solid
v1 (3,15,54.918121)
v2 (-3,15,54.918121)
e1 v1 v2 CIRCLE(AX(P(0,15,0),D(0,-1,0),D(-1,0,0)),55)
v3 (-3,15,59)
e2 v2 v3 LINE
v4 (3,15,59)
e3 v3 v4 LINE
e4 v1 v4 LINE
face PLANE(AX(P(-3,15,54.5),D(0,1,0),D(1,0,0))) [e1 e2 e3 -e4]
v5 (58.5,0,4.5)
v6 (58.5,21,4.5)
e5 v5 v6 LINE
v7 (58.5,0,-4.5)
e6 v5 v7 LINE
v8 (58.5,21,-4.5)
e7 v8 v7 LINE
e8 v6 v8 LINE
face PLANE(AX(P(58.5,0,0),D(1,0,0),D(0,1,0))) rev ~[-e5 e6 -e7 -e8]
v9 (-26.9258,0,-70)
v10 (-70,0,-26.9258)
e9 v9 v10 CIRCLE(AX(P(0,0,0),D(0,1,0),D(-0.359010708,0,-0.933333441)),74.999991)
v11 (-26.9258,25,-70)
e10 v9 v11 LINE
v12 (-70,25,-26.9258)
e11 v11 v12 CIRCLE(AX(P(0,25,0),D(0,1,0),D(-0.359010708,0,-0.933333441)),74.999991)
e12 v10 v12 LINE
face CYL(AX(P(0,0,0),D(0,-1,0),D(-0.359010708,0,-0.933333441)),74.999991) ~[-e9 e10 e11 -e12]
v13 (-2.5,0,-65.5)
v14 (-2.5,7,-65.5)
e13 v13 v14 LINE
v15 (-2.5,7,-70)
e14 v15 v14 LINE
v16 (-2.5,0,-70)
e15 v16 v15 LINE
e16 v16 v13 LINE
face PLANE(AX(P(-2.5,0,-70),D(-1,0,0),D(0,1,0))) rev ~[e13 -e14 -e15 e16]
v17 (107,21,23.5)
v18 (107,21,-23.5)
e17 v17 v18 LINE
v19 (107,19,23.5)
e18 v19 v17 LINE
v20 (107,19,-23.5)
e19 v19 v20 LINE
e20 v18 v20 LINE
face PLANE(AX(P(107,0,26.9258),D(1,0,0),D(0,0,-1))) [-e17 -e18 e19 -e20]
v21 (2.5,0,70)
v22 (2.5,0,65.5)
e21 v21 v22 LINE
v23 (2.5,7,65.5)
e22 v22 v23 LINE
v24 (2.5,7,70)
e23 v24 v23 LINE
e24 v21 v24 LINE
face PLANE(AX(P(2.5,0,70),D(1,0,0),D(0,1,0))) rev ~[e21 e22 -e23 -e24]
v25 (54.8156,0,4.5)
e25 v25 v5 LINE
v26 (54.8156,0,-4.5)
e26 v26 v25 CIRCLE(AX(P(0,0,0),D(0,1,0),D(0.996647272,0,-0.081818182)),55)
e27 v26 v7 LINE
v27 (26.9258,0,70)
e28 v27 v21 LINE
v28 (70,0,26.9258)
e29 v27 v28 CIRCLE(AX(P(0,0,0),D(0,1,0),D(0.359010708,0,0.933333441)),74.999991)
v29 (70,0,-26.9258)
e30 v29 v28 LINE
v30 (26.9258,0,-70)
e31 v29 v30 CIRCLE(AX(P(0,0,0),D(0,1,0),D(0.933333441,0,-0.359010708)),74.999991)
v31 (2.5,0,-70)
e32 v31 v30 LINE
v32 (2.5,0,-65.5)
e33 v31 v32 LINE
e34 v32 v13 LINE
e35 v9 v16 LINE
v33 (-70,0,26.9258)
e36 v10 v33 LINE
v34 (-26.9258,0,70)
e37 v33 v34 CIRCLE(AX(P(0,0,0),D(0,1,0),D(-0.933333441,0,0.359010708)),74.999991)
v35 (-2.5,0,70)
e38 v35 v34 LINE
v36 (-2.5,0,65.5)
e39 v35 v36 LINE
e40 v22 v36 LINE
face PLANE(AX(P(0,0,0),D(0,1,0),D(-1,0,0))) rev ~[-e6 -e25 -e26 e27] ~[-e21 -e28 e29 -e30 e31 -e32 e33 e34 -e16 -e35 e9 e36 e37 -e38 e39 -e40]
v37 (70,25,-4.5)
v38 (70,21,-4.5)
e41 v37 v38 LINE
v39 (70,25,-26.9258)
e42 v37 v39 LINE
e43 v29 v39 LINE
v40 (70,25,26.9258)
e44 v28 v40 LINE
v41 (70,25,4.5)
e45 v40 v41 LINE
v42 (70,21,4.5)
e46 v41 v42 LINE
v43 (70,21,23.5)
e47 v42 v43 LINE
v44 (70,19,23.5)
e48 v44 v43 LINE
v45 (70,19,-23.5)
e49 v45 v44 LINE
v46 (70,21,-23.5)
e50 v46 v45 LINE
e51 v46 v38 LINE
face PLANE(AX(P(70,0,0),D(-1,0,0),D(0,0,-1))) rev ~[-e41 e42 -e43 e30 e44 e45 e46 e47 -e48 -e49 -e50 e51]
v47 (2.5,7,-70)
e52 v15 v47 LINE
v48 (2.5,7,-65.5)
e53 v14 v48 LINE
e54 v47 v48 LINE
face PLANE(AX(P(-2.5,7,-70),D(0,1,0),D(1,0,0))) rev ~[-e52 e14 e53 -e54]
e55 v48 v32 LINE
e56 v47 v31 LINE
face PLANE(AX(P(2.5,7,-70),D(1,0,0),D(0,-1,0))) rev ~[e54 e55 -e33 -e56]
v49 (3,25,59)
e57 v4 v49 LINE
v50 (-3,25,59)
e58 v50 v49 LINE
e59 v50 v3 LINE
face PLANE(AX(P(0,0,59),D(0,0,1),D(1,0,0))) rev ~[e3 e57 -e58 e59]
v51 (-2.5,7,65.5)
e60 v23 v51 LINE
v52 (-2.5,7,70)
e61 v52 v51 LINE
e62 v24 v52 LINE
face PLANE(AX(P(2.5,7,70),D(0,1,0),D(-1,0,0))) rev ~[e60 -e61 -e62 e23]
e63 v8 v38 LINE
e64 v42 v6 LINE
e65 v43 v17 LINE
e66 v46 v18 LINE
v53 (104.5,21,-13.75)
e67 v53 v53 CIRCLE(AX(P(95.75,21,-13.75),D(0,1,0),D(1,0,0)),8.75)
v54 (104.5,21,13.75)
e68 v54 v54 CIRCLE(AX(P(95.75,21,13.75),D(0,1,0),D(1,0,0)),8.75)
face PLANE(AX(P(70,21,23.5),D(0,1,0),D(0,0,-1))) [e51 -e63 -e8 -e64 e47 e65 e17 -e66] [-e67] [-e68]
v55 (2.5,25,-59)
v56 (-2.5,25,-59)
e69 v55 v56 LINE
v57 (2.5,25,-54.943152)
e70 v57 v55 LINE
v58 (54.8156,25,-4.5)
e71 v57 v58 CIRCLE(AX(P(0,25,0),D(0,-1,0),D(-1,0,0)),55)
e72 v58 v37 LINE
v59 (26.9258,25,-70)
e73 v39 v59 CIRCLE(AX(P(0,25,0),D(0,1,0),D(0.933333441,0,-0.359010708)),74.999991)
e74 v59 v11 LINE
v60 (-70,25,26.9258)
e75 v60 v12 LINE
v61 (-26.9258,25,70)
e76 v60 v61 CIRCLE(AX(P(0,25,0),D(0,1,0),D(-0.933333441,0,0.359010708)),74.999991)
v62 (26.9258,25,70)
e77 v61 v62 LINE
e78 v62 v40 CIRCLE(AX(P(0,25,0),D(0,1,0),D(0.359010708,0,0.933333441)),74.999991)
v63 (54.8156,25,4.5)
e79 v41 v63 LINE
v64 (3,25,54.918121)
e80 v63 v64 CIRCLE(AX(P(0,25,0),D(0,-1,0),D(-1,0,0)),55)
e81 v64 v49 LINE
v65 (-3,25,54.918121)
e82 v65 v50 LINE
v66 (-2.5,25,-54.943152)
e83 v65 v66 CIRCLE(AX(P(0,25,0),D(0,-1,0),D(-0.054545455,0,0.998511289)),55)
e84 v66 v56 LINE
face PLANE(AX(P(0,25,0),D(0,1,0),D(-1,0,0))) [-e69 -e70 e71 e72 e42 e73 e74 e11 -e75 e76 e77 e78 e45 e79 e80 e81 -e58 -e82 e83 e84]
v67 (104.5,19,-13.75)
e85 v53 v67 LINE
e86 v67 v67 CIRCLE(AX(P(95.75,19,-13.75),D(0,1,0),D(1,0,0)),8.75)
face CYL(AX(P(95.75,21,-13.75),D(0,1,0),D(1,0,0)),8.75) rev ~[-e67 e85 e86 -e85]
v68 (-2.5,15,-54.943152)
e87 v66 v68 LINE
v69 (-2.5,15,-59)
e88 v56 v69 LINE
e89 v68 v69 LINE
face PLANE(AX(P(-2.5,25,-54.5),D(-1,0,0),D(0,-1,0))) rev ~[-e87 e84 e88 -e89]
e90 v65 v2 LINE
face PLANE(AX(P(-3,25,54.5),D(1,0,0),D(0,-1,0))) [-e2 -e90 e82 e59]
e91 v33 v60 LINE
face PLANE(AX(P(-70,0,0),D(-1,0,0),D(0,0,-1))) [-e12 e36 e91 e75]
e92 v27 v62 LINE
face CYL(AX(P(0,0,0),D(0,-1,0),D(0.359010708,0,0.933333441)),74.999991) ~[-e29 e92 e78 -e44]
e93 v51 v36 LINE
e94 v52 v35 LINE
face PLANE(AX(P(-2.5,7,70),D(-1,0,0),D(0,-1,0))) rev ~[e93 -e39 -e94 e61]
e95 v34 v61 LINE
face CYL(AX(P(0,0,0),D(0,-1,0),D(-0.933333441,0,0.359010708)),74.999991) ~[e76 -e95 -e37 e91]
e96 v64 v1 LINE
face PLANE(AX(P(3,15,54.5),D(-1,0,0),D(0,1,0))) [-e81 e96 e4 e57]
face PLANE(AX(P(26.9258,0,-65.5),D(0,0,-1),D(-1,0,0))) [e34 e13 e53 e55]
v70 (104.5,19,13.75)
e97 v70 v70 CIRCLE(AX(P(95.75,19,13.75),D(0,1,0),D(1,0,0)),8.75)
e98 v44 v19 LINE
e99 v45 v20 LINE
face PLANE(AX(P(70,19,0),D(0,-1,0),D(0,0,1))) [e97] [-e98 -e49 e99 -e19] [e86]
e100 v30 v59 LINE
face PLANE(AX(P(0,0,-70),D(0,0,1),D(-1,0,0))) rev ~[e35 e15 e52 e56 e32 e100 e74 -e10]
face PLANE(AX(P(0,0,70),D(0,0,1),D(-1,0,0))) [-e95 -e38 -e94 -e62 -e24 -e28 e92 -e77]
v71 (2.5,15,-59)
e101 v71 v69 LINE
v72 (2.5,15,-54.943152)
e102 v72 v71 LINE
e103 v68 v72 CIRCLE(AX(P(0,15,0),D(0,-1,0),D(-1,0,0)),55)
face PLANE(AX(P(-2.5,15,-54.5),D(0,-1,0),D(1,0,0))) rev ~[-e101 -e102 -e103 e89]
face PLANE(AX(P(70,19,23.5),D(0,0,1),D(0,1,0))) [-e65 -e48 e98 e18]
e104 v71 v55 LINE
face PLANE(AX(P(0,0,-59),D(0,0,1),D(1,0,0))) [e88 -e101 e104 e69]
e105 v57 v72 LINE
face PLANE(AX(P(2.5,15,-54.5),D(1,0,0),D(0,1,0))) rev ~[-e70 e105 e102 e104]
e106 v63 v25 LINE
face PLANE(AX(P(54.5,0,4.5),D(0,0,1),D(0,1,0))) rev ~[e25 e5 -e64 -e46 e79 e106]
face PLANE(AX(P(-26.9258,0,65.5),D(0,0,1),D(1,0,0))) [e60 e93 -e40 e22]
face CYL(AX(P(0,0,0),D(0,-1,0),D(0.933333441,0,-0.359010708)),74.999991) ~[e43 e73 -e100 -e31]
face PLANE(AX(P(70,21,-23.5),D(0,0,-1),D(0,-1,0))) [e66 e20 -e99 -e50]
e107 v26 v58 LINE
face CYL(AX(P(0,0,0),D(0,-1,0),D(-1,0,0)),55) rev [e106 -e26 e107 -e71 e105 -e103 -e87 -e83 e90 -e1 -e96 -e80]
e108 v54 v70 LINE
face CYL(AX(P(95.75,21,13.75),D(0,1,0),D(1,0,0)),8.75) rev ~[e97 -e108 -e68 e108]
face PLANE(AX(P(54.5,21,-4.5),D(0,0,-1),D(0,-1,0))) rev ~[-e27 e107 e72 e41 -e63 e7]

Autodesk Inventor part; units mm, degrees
sketch "Náčrt1" plane through (0, 0, 0) normal (0, 1, 0) x (-1, 0, 0)
  circle A0 centre (0, 0) radius 55
  line L0 (0, -70) -> (26.9258, -70)
  line L1 (0, -70) -> (-26.9258, -70)
  line L2 (-70, 0) -> (-70, -26.9258)
  line L3 (-70, 0) -> (-70, 26.9258)
  line L4 (70, 0) -> (70, -26.9258)
  line L5 (70, 0) -> (70, 26.9258)
  line L6 (0, 70) -> (26.9258, 70)
  line L7 (0, 70) -> (-26.9258, 70)
  line L8 (-104.3981, 0) -> (104.3981, 0) projected
  line L9 (0, -104.3981) -> (0, 104.3981) projected
  arc A1 (26.9258, -70) -> (70, -26.9258) centre (0, 0) ccw
  arc A2 (-70, -26.9258) -> (-26.9258, -70) centre (0, 0) ccw
  arc A3 (70, 26.9258) -> (26.9258, 70) centre (0, 0) ccw
  arc A4 (-26.9258, 70) -> (-70, 26.9258) centre (0, 0) ccw
  dimension "d1" = 110
extrude "Vysunutí1" add sketch "Náčrt1" along normal blind 25 contours L8 L4 A1 L0 L9 A0 | A0 L9 L6 A3 L5 L8 | A0 L8 L3 A4 L7 L9 | L9 L1 A2 L2 L8 A0
sketch "Náčrt2" plane through (-26.9258, 0, 70) normal (0, 0, 1) x (1, 0, 0)
  line L0 (53.8516, 0) -> (0, 0) projected
  line L1 (24.4258, 0) -> (29.4258, 0)
  line L2 (29.4258, 0) -> (29.4258, 7)
  line L3 (29.4258, 7) -> (24.4258, 7)
  line L4 (24.4258, 7) -> (24.4258, 0)
  line L5 (96.9258, 0) -> (96.9258, 25) projected
  point P0 (26.9258, 0)
  dimension "d5" = 5
  dimension "d6" = 7
  dimension "d7" = 67.5
extrude "Vysunutí2" cut sketch "Náčrt2" against normal blind 4.5
sketch "Náčrt3" plane through (26.9258, 0, -70) normal (0, 0, -1) x (-1, 0, 0)
  line L0 (0, 0) -> (53.8516, 0) projected
  line L1 (53.8516, 0) -> (53.8516, 25) projected
  line L2 (0, 25) -> (53.8516, 25) projected
  line L3 (0, 0) -> (0, 25) projected
  line L4 (53.8516, 0) -> (96.9258, 0) projected
  line L5 (96.9258, 0) -> (96.9258, 25) projected
  line L6 (53.8516, 25) -> (96.9258, 25) projected
  line L7 (53.8516, 0) -> (53.8516, 25) projected
  line L8 (24.4258, 0) -> (0, 0) projected
  line L9 (24.4258, 0) -> (29.4258, 0)
  line L10 (29.4258, 0) -> (29.4258, 7)
  line L11 (29.4258, 7) -> (24.4258, 7)
  line L12 (24.4258, 7) -> (24.4258, 0)
  point P0 (26.9258, 0)
  dimension "d10" = 5
  dimension "d11" = 7
  dimension "d12" = 67.5
extrude "Vysunutí3" cut sketch "Náčrt3" against normal blind 4.5 contours L12 L11 L10 L0
sketch "Náčrt4" plane through (0, 25, 0) normal (0, 1, 0) x (1, 0, 0)
  line L0 (70, -26.9258) -> (70, 26.9258) projected
  line L1 (70, -4.5) -> (52.6737, -4.5)
  line L2 (52.6737, -4.5) -> (52.6737, 4.5)
  line L3 (52.6737, 4.5) -> (70, 4.5)
  line L4 (70, 4.5) -> (70, -4.5)
  line L5 (-98, 0) -> (98, 0) projected
  line L6 (0, 98) -> (0, -98) projected
  point P0 (0, 0)
  point P1 (70, 4.5)
  dimension "d15" = 9
  dimension "d16" = 4.5
extrude "Vysunutí4" cut sketch "Náčrt4" against normal blind 4
ref_plane "Pracovní rovina2" through (0, 0, 54.5) normal (0, 0, 1) x (1, 0, 0)
sketch "Náčrt6" plane through (0, 0, 54.5) normal (0, 0, 1) x (1, 0, 0)
  line L0 (-26.9258, 25) -> (26.9258, 25) projected
  line L1 (3, 25) -> (-3, 25)
  line L2 (-3, 25) -> (-3, 15)
  line L3 (-3, 15) -> (3, 15)
  line L4 (3, 15) -> (3, 25)
  line L5 (0, 30) -> (0, -5) projected
  point P0 (0, 0)
  dimension "d21" = 6
  dimension "d22" = 10
extrude "Vysunutí5" cut sketch "Náčrt6" along normal blind 4.5
ref_plane "Pracovní rovina3" through (0, 0, -54.5) normal (0, 0, 1) x (1, 0, 0)
sketch "Náčrt7" plane through (0, 0, -54.5) normal (0, 0, 1) x (1, 0, 0)
  line L0 (-55, 25) -> (54.8156, 25) projected
  line L1 (2.5, 25) -> (-2.5, 25)
  line L2 (-2.5, 25) -> (-2.5, 15)
  line L3 (-2.5, 15) -> (2.5, 15)
  line L4 (2.5, 15) -> (2.5, 25)
  line L5 (0, 30) -> (0, -5) projected
  point P0 (0, 0)
  point P1 (-3, 25)
  dimension "d26" = 5
  dimension "d27" = 10
extrude "Vysunutí6" cut sketch "Náčrt7" against normal blind 4.5
sketch "Náčrt8" plane through (70, 0, 26.9258) normal (1, 0, 0) x (0, 0, -1)
  line L0 (3.4258, 21) -> (50.4258, 21)
  line L1 (50.4258, 21) -> (50.4258, 19)
  line L2 (50.4258, 19) -> (3.4258, 19)
  line L3 (3.4258, 19) -> (3.4258, 21)
  line L4 (31.4258, 21) -> (22.4258, 21) projected
  line L5 (53.8516, 25) -> (0, 25) projected
  line L6 (26.9258, 25) -> (26.9258, 9.9917)
  point P0 (26.9258, 0)
  dimension "d30" = 47
  dimension "d31" = 2
extrude "Vysunutí7" add sketch "Náčrt8" along normal blind 37
sketch "Náčrt9" plane through (0, 21, 0) normal (0, 1, 0) x (1, 0, 0)
  circle A0 centre (95.75, -13.75) radius 8.75
  circle A1 centre (95.75, 13.75) radius 8.75
  line L0 (-105.4, 0) -> (142.4, 0) projected
  line L1 (107, 23.5) -> (107, -23.5) projected
  point P0 (0, 0)
  dimension "d34" = 17.5
  dimension "d35" = 17.5
  dimension "d37" = 5
  dimension "d38" = 5
  dimension "d41" = 11.25
  dimension "d42" = 11.25
extrude "Vysunutí8" cut sketch "Náčrt9" against normal blind 27
ref_plane "Pracovní rovina4" through (54.5, 0, 0) normal (1, 0, 0) x (0, 1, 0)
sketch "Náčrt10" plane through (54.5, 0, 0) normal (1, 0, 0) x (0, 1, 0)
  line L0 (0, 55) -> (0, -55) projected
  line L1 (21, -4.5) -> (0, -4.5)
  line L2 (0, -4.5) -> (0, 4.5)
  line L3 (0, 4.5) -> (21, 4.5)
  line L4 (21, 4.5) -> (21, -4.5)
  point P0 (0, 0)
  dimension "d44" = 9
extrude "Vysunutí9" cut sketch "Náčrt10" along normal blind 4
properties part number "Kruh"
